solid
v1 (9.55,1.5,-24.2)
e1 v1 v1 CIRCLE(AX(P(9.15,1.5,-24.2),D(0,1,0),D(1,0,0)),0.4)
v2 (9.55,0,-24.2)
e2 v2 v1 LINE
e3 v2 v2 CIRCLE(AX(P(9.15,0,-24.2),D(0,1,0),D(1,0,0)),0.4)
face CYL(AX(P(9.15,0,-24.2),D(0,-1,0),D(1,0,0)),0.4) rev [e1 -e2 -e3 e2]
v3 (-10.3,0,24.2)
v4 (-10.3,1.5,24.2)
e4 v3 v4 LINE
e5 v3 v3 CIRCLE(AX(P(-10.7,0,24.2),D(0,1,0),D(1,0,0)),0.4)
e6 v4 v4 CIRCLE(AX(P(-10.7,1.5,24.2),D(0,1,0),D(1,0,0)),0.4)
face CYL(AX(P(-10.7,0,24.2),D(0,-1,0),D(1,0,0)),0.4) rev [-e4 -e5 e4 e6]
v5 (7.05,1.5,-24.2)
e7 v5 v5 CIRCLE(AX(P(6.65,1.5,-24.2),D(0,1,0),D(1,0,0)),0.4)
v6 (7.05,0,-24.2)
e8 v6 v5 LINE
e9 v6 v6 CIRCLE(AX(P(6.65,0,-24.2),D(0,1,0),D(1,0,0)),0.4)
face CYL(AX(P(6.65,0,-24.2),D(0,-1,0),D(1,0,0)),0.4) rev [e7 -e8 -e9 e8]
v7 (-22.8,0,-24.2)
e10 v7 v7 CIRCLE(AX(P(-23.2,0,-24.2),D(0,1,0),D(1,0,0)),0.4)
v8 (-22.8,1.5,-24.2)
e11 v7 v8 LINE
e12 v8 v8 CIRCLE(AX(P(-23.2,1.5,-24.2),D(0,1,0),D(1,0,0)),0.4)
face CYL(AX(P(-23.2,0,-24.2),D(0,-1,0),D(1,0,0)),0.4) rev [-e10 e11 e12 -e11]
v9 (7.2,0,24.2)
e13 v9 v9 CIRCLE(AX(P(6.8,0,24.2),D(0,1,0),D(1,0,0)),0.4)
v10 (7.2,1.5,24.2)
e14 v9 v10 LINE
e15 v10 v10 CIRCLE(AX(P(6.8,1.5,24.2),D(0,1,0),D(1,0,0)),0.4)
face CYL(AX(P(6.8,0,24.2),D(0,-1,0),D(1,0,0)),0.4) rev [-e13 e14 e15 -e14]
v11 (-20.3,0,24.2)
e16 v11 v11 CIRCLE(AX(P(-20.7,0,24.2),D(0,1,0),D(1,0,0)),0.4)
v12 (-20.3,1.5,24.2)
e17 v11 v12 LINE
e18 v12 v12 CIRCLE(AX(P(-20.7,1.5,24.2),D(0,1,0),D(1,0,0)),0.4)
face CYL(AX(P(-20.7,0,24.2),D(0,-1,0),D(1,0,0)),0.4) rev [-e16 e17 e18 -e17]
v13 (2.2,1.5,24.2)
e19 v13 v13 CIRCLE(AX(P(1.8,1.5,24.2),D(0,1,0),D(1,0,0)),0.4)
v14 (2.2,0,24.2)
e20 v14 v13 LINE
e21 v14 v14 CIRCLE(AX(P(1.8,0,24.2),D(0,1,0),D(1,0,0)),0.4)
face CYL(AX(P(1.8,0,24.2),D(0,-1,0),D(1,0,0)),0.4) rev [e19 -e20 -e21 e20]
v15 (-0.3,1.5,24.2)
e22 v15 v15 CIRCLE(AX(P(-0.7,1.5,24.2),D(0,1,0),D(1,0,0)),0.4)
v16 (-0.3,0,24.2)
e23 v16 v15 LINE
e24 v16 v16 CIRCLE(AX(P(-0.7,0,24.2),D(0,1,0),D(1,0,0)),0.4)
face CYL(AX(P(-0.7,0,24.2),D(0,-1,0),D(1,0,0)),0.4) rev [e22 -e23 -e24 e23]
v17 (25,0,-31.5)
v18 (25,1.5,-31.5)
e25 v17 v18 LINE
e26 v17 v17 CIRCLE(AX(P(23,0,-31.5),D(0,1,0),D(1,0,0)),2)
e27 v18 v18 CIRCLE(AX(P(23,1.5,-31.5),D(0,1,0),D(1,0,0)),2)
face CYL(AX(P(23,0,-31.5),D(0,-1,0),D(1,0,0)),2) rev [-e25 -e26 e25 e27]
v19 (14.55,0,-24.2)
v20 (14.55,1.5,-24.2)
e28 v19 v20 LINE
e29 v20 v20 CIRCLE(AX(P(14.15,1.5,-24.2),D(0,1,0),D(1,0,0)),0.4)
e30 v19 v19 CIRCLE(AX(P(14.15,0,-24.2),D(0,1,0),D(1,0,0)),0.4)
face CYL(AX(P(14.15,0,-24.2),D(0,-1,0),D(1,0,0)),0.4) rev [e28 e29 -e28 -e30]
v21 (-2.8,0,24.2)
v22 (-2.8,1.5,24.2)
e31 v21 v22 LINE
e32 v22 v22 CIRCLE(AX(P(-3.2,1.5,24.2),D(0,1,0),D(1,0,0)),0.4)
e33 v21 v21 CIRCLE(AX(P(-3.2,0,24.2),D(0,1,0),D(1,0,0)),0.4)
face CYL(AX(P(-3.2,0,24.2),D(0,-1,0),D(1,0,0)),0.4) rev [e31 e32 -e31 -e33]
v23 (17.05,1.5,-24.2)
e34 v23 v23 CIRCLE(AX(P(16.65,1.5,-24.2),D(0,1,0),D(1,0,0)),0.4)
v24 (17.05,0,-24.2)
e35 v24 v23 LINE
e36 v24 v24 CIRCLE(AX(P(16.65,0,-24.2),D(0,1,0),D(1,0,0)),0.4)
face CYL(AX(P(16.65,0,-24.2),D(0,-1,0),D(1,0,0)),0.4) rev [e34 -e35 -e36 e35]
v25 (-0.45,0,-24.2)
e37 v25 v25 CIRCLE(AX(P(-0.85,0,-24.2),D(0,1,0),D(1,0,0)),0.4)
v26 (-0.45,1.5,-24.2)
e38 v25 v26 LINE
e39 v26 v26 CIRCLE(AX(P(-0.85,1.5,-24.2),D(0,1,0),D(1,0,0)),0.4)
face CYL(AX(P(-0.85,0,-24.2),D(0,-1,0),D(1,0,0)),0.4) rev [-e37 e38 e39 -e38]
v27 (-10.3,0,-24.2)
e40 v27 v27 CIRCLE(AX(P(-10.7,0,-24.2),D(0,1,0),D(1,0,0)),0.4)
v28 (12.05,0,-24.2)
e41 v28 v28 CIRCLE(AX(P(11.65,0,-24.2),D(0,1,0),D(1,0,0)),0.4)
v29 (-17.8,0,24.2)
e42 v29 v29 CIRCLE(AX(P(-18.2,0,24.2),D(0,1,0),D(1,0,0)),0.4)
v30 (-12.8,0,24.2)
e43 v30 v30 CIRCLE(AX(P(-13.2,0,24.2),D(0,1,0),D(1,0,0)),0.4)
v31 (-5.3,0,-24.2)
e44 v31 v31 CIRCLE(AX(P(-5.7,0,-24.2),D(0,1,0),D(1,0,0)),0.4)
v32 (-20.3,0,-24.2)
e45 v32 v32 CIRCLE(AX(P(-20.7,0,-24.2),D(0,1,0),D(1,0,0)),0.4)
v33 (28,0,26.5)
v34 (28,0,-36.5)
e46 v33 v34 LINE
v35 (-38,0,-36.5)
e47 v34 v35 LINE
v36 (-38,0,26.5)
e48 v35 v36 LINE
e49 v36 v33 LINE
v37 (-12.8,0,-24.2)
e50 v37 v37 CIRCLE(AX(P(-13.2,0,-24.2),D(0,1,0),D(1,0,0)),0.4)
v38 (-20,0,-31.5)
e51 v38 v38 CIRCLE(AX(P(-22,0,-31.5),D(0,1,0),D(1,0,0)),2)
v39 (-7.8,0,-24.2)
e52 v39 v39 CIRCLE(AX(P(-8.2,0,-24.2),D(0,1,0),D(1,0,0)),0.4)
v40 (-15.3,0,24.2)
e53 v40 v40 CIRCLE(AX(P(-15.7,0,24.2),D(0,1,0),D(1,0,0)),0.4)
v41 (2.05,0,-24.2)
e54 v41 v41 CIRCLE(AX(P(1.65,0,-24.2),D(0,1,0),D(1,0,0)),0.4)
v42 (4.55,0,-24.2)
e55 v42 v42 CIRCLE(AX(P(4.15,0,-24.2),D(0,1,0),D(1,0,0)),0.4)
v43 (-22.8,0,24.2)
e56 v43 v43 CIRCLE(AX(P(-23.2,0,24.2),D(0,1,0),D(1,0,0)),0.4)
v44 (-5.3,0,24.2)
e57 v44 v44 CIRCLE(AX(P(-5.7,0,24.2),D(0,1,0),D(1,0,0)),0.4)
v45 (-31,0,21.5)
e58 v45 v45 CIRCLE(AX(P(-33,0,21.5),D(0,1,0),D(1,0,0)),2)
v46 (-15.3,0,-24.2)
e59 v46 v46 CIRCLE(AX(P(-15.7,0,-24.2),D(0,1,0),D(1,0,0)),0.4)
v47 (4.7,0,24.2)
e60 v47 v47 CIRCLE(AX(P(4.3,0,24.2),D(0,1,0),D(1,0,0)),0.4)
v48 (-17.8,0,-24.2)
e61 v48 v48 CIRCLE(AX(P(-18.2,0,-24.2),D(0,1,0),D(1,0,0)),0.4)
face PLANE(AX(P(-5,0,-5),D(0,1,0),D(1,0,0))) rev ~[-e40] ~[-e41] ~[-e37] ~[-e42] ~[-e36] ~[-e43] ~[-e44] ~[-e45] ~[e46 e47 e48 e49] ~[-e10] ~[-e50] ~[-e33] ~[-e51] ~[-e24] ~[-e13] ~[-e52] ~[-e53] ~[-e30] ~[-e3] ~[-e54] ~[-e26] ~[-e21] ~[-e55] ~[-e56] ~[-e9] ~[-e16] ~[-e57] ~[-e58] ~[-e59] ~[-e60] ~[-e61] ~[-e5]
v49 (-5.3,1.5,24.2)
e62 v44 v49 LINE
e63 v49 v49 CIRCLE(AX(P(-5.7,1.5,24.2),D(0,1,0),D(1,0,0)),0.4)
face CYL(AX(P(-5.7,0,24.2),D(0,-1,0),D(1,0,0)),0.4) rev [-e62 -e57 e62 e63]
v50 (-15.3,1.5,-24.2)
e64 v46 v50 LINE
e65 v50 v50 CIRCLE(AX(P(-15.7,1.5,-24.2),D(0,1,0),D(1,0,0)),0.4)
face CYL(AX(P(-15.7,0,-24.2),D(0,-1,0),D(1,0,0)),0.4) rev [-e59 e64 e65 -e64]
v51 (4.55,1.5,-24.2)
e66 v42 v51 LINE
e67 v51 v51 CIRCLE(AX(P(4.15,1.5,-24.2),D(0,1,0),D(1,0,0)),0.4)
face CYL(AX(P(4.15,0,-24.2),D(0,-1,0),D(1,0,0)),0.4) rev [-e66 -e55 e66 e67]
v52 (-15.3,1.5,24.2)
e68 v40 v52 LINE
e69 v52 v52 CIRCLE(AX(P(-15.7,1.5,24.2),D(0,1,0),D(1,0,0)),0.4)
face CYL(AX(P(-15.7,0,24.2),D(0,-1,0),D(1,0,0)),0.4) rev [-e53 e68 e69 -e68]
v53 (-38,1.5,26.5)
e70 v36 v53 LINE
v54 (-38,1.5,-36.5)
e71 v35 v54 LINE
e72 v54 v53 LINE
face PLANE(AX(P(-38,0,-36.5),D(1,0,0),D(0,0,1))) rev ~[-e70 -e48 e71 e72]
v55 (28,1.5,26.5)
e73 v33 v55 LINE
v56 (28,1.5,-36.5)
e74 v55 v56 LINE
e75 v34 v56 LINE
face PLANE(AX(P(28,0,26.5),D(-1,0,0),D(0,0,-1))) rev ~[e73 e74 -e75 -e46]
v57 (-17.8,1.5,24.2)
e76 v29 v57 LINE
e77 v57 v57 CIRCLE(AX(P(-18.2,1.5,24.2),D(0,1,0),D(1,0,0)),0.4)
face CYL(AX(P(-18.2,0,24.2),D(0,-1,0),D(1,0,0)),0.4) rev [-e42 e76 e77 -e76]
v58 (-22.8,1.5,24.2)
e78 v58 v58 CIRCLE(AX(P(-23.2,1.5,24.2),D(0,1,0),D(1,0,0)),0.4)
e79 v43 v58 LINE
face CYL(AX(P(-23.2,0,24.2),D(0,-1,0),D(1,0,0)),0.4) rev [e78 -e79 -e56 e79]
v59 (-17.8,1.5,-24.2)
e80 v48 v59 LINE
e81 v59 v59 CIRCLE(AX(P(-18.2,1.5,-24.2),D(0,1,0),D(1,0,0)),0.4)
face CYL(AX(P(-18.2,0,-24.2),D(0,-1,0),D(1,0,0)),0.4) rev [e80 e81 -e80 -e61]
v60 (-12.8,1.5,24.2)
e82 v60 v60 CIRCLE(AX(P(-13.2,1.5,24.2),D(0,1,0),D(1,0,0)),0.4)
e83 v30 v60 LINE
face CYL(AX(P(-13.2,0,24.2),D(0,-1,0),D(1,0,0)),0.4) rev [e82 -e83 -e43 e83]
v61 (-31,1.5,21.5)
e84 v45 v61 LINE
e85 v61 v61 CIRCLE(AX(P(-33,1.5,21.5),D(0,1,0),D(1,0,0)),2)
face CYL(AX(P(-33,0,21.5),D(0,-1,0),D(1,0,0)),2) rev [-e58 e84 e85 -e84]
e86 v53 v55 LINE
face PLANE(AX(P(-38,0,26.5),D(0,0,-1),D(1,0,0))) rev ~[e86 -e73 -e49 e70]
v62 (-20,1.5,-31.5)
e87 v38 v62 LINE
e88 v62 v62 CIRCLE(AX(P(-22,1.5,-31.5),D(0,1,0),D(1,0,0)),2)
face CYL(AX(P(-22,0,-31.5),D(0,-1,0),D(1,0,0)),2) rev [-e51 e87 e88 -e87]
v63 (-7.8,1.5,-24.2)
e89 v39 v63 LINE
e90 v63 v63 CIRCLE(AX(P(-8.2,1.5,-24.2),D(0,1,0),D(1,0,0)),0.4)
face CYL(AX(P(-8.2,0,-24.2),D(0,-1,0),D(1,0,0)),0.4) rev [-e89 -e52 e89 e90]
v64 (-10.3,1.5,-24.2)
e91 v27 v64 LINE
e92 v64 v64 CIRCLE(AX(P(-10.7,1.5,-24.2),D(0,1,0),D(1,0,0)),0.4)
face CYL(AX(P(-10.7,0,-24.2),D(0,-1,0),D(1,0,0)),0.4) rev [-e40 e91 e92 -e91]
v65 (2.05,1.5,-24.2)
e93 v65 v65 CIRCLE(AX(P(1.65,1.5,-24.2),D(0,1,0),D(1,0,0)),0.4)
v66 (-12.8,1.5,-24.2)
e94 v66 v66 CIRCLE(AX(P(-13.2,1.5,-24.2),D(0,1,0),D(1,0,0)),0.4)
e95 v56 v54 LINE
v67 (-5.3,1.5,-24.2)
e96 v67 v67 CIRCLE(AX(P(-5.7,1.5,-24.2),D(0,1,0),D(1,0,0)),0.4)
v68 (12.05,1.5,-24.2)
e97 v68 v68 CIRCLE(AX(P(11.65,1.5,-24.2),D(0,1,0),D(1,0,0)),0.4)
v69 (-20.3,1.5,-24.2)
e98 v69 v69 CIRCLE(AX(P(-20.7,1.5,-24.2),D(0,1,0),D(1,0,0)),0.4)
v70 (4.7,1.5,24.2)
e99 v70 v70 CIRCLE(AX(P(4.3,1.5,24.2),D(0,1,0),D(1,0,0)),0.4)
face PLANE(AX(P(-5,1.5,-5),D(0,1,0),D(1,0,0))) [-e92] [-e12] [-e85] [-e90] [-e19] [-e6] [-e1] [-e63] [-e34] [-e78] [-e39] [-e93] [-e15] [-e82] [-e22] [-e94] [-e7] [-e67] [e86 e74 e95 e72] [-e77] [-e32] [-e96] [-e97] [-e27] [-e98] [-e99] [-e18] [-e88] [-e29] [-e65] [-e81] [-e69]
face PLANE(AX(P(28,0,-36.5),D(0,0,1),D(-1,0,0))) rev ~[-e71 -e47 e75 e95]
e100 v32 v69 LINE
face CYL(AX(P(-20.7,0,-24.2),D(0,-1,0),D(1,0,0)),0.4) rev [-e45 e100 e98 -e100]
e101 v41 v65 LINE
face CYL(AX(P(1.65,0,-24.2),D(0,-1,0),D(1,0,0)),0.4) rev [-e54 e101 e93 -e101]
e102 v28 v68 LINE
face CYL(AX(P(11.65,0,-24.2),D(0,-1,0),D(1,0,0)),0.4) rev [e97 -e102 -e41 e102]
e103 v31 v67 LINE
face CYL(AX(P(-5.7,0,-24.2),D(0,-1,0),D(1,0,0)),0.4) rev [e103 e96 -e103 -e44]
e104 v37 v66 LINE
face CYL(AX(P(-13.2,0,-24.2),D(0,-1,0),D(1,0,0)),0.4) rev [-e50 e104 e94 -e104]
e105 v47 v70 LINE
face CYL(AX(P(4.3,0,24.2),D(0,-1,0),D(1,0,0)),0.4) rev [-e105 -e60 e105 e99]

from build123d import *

# Parameters (mm, degrees)
SKETCH1_R           = 0.4
SKETCH1_R_2         = 2
BOSS_EXTRUDE1_DEPTH = 1.5


with BuildPart() as part:
    # Sketch1 → Boss-Extrude1 (new body)
    with BuildSketch(Plane(origin=(0, 0, 0), x_dir=(1, 0, 0), z_dir=(0, 1, 0))):
        Polygon((-28, -26.5), (28, -26.5), (28, 26.5), (28, 36.5), (-38, 36.5), (-38, -26.5), align=None)
        with Locations((-23.2, 24.2)):
            Circle(SKETCH1_R, mode=Mode.SUBTRACT)
        with Locations((-20.7, 24.2)):
            Circle(SKETCH1_R, mode=Mode.SUBTRACT)
        with Locations((-18.2, 24.2)):
            Circle(SKETCH1_R, mode=Mode.SUBTRACT)
        with Locations((-15.7, 24.2)):
            Circle(SKETCH1_R, mode=Mode.SUBTRACT)
        with Locations((-13.2, 24.2)):
            Circle(SKETCH1_R, mode=Mode.SUBTRACT)
        with Locations((-10.7, 24.2)):
            Circle(SKETCH1_R, mode=Mode.SUBTRACT)
        with Locations((-8.2, 24.2)):
            Circle(SKETCH1_R, mode=Mode.SUBTRACT)
        with Locations((-5.7, 24.2)):
            Circle(SKETCH1_R, mode=Mode.SUBTRACT)
        with Locations((-10.7, -24.2)):
            Circle(SKETCH1_R, mode=Mode.SUBTRACT)
        with Locations((-13.2, -24.2)):
            Circle(SKETCH1_R, mode=Mode.SUBTRACT)
        with Locations((-15.7, -24.2)):
            Circle(SKETCH1_R, mode=Mode.SUBTRACT)
        with Locations((-18.2, -24.2)):
            Circle(SKETCH1_R, mode=Mode.SUBTRACT)
        with Locations((-20.7, -24.2)):
            Circle(SKETCH1_R, mode=Mode.SUBTRACT)
        with Locations((-23.2, -24.2)):
            Circle(SKETCH1_R, mode=Mode.SUBTRACT)
        with Locations((6.8, -24.2)):
            Circle(SKETCH1_R, mode=Mode.SUBTRACT)
        with Locations((4.3, -24.2)):
            Circle(SKETCH1_R, mode=Mode.SUBTRACT)
        with Locations((1.8, -24.2)):
            Circle(SKETCH1_R, mode=Mode.SUBTRACT)
        with Locations((-0.7, -24.2)):
            Circle(SKETCH1_R, mode=Mode.SUBTRACT)
        with Locations((-3.2, -24.2)):
            Circle(SKETCH1_R, mode=Mode.SUBTRACT)
        with Locations((-5.7, -24.2)):
            Circle(SKETCH1_R, mode=Mode.SUBTRACT)
        with Locations((-0.85, 24.2)):
            Circle(SKETCH1_R, mode=Mode.SUBTRACT)
        with Locations((1.65, 24.2)):
            Circle(SKETCH1_R, mode=Mode.SUBTRACT)
        with Locations((4.15, 24.2)):
            Circle(SKETCH1_R, mode=Mode.SUBTRACT)
        with Locations((6.65, 24.2)):
            Circle(SKETCH1_R, mode=Mode.SUBTRACT)
        with Locations((9.15, 24.2)):
            Circle(SKETCH1_R, mode=Mode.SUBTRACT)
        with Locations((11.65, 24.2)):
            Circle(SKETCH1_R, mode=Mode.SUBTRACT)
        with Locations((14.15, 24.2)):
            Circle(SKETCH1_R, mode=Mode.SUBTRACT)
        with Locations((16.65, 24.2)):
            Circle(SKETCH1_R, mode=Mode.SUBTRACT)
        with Locations((-22, 31.5)):
            Circle(SKETCH1_R_2, mode=Mode.SUBTRACT)
        with Locations((23, 31.5)):
            Circle(SKETCH1_R_2, mode=Mode.SUBTRACT)
        with Locations((-33, -21.5)):
            Circle(SKETCH1_R_2, mode=Mode.SUBTRACT)
    extrude(amount=BOSS_EXTRUDE1_DEPTH)


solid = part.part
